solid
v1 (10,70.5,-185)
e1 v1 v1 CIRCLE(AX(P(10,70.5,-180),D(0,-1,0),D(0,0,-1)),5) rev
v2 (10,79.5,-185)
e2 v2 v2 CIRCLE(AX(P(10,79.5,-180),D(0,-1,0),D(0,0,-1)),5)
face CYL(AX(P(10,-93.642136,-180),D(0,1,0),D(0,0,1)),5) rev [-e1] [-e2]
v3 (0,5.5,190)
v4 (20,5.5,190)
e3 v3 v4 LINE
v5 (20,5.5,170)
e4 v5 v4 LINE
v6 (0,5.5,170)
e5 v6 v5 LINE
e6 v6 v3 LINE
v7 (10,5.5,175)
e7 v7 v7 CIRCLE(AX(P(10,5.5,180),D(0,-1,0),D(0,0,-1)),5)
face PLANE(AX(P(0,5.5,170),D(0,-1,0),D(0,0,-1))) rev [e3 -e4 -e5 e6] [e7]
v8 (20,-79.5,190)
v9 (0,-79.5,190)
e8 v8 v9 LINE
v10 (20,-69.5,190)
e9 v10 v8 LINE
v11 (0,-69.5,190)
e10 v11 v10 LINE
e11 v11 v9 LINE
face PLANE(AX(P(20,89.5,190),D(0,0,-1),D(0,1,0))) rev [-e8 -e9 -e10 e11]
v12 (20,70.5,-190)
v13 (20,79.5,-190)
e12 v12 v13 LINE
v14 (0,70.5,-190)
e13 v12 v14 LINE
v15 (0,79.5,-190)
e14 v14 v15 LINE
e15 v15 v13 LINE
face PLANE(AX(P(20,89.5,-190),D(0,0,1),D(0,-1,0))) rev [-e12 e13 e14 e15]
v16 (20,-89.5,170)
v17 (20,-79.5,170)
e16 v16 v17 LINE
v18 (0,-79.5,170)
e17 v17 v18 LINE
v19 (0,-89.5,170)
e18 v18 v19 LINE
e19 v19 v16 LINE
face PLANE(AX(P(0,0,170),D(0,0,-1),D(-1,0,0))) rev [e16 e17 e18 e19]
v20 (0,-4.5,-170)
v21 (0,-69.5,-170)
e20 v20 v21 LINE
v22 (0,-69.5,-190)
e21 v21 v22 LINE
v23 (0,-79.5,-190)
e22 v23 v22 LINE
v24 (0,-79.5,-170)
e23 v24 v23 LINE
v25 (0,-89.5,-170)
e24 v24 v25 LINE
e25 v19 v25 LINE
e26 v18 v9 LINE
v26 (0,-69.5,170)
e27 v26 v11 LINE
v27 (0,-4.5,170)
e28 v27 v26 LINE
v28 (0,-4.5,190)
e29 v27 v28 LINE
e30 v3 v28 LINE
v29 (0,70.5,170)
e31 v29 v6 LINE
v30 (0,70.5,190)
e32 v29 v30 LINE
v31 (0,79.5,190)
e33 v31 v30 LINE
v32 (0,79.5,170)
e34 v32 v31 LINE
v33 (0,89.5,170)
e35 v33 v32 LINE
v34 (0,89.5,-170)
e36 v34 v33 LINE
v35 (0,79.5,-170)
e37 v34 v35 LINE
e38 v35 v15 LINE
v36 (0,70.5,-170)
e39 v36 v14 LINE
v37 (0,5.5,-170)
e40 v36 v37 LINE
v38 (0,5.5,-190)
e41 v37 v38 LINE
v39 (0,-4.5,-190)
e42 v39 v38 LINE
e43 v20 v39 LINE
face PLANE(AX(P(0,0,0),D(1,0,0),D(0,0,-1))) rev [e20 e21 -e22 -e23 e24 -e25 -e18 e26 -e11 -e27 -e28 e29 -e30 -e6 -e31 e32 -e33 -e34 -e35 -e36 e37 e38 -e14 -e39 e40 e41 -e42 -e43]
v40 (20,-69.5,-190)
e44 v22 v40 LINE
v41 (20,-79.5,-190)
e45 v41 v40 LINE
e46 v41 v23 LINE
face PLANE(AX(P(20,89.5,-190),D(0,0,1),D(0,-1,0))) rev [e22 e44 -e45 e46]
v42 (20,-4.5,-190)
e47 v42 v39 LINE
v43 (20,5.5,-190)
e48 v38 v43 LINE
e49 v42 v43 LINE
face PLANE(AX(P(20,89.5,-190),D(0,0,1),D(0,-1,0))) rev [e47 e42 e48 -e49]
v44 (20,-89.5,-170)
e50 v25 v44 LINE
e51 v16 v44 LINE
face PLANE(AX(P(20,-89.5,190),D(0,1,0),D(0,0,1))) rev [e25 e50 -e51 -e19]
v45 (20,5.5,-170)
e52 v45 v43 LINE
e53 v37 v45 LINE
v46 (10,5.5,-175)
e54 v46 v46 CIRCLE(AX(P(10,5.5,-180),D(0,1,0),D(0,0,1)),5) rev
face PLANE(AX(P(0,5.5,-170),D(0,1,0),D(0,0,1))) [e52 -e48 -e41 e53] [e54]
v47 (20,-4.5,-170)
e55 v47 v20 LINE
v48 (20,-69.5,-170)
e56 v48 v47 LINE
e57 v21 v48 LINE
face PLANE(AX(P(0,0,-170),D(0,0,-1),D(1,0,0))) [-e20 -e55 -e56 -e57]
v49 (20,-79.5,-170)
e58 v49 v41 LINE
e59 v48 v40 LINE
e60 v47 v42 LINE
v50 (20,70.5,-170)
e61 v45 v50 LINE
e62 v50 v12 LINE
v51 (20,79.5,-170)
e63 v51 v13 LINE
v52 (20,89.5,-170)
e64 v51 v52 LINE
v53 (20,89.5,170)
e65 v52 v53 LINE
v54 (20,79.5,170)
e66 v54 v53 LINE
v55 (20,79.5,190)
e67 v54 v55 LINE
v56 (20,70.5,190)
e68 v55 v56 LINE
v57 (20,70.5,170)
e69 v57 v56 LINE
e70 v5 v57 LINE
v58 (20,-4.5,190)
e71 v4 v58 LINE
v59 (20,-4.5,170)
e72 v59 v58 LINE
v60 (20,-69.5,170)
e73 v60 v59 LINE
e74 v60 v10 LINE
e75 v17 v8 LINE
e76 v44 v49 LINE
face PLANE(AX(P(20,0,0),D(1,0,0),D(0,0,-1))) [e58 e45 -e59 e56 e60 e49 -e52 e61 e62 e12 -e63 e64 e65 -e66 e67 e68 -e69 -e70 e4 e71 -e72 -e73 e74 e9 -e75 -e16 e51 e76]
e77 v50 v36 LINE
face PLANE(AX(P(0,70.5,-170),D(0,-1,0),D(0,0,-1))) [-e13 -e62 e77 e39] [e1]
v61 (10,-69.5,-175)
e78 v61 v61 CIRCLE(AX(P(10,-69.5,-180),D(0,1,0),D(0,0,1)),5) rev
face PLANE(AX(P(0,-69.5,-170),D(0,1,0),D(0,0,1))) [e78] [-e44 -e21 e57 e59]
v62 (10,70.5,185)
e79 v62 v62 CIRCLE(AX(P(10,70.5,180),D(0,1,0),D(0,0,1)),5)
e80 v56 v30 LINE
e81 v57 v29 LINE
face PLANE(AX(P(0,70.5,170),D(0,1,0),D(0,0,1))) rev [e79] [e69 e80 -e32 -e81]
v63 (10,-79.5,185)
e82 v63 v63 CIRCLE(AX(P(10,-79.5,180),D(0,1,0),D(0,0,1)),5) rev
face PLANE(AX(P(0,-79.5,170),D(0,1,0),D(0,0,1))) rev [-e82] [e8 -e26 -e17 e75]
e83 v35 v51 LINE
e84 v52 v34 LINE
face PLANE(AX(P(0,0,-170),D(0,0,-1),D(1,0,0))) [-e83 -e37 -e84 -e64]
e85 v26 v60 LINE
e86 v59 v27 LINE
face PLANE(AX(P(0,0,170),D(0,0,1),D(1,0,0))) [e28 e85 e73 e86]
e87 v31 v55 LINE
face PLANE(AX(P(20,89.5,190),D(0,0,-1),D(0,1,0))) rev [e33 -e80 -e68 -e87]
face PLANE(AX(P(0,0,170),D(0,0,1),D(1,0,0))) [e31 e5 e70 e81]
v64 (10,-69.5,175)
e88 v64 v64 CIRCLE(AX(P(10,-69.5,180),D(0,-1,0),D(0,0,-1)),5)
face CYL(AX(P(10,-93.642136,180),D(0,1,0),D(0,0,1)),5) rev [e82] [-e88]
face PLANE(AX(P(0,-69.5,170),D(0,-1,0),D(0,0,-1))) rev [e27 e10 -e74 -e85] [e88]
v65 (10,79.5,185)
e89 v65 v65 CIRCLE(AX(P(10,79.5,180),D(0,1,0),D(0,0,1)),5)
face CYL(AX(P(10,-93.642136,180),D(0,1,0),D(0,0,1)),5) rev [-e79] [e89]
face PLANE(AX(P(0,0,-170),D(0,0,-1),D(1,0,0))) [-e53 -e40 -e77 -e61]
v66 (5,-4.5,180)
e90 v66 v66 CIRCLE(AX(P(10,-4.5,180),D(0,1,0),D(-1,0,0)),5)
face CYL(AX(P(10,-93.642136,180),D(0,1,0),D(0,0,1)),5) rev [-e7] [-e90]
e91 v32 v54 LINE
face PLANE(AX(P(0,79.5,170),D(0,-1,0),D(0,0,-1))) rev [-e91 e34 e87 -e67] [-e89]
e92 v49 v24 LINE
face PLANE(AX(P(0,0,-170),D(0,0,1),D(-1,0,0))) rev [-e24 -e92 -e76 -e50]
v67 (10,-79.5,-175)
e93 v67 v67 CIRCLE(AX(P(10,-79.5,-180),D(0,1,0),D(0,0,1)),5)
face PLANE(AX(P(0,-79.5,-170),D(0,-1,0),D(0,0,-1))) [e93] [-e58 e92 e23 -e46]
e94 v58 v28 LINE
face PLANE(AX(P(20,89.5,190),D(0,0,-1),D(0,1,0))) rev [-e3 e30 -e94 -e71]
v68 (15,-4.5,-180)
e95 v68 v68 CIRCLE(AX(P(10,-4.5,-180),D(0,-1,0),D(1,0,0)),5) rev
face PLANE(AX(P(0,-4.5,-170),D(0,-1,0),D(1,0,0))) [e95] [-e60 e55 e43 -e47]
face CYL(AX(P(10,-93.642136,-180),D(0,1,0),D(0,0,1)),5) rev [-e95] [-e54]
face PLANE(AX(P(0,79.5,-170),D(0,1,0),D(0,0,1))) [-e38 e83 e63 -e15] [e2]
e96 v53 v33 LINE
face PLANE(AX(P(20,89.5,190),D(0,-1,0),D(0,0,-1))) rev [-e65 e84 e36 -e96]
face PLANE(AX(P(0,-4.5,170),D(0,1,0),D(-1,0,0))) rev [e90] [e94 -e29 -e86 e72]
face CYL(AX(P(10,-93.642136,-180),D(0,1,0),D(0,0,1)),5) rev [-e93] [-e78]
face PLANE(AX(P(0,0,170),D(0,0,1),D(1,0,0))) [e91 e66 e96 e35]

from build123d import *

# Parameters (mm, degrees)
SKETCH1_W           = 380
SKETCH1_H           = 179
BOSS_EXTRUDE1_DEPTH = 20
SKETCH2_W           = 20
SKETCH2_H           = 65
SKETCH2_H_2         = 10
CUT_EXTRUDE1_DEPTH  = 20
SKETCH3_R           = 5
CUT_EXTRUDE2_DEPTH  = 159


with BuildPart() as part:
    # Sketch1 → Boss-Extrude1 (new body)
    with BuildSketch(Plane(origin=(0, 0, 0), x_dir=(0, 0, -1), z_dir=(1, 0, 0))):
        Rectangle(SKETCH1_W, SKETCH1_H)
    extrude(amount=BOSS_EXTRUDE1_DEPTH)

    # Sketch2 → Cut-Extrude1 (cut)
    with BuildSketch(Plane.XY.offset(190)):
        with Locations((10, 38)):
            Rectangle(SKETCH2_W, SKETCH2_H)
        with Locations((10, 84.5)):
            Rectangle(SKETCH2_W, SKETCH2_H_2)
        with Locations((10, -84.5)):
            Rectangle(SKETCH2_W, SKETCH2_H_2)
        with Locations((10, -37)):
            Rectangle(SKETCH2_W, SKETCH2_H)
    cut_extrude1 = extrude(amount=-CUT_EXTRUDE1_DEPTH, mode=Mode.SUBTRACT)

    # Sketch3 → Cut-Extrude2 (cut)
    with BuildSketch(Plane(origin=(0, 79.5, 0), x_dir=(1, 0, 0), z_dir=(0, 1, 0))):
        with Locations((10, -180)):
            Circle(SKETCH3_R)
    cut_extrude2 = extrude(amount=-CUT_EXTRUDE2_DEPTH, mode=Mode.SUBTRACT)

    # Mirror2: Cut-Extrude1, Cut-Extrude2 across plane
    add(cut_extrude1.mirror(Plane.XY), mode=Mode.SUBTRACT)
    add(cut_extrude2.mirror(Plane.XY), mode=Mode.SUBTRACT)


solid = part.part
